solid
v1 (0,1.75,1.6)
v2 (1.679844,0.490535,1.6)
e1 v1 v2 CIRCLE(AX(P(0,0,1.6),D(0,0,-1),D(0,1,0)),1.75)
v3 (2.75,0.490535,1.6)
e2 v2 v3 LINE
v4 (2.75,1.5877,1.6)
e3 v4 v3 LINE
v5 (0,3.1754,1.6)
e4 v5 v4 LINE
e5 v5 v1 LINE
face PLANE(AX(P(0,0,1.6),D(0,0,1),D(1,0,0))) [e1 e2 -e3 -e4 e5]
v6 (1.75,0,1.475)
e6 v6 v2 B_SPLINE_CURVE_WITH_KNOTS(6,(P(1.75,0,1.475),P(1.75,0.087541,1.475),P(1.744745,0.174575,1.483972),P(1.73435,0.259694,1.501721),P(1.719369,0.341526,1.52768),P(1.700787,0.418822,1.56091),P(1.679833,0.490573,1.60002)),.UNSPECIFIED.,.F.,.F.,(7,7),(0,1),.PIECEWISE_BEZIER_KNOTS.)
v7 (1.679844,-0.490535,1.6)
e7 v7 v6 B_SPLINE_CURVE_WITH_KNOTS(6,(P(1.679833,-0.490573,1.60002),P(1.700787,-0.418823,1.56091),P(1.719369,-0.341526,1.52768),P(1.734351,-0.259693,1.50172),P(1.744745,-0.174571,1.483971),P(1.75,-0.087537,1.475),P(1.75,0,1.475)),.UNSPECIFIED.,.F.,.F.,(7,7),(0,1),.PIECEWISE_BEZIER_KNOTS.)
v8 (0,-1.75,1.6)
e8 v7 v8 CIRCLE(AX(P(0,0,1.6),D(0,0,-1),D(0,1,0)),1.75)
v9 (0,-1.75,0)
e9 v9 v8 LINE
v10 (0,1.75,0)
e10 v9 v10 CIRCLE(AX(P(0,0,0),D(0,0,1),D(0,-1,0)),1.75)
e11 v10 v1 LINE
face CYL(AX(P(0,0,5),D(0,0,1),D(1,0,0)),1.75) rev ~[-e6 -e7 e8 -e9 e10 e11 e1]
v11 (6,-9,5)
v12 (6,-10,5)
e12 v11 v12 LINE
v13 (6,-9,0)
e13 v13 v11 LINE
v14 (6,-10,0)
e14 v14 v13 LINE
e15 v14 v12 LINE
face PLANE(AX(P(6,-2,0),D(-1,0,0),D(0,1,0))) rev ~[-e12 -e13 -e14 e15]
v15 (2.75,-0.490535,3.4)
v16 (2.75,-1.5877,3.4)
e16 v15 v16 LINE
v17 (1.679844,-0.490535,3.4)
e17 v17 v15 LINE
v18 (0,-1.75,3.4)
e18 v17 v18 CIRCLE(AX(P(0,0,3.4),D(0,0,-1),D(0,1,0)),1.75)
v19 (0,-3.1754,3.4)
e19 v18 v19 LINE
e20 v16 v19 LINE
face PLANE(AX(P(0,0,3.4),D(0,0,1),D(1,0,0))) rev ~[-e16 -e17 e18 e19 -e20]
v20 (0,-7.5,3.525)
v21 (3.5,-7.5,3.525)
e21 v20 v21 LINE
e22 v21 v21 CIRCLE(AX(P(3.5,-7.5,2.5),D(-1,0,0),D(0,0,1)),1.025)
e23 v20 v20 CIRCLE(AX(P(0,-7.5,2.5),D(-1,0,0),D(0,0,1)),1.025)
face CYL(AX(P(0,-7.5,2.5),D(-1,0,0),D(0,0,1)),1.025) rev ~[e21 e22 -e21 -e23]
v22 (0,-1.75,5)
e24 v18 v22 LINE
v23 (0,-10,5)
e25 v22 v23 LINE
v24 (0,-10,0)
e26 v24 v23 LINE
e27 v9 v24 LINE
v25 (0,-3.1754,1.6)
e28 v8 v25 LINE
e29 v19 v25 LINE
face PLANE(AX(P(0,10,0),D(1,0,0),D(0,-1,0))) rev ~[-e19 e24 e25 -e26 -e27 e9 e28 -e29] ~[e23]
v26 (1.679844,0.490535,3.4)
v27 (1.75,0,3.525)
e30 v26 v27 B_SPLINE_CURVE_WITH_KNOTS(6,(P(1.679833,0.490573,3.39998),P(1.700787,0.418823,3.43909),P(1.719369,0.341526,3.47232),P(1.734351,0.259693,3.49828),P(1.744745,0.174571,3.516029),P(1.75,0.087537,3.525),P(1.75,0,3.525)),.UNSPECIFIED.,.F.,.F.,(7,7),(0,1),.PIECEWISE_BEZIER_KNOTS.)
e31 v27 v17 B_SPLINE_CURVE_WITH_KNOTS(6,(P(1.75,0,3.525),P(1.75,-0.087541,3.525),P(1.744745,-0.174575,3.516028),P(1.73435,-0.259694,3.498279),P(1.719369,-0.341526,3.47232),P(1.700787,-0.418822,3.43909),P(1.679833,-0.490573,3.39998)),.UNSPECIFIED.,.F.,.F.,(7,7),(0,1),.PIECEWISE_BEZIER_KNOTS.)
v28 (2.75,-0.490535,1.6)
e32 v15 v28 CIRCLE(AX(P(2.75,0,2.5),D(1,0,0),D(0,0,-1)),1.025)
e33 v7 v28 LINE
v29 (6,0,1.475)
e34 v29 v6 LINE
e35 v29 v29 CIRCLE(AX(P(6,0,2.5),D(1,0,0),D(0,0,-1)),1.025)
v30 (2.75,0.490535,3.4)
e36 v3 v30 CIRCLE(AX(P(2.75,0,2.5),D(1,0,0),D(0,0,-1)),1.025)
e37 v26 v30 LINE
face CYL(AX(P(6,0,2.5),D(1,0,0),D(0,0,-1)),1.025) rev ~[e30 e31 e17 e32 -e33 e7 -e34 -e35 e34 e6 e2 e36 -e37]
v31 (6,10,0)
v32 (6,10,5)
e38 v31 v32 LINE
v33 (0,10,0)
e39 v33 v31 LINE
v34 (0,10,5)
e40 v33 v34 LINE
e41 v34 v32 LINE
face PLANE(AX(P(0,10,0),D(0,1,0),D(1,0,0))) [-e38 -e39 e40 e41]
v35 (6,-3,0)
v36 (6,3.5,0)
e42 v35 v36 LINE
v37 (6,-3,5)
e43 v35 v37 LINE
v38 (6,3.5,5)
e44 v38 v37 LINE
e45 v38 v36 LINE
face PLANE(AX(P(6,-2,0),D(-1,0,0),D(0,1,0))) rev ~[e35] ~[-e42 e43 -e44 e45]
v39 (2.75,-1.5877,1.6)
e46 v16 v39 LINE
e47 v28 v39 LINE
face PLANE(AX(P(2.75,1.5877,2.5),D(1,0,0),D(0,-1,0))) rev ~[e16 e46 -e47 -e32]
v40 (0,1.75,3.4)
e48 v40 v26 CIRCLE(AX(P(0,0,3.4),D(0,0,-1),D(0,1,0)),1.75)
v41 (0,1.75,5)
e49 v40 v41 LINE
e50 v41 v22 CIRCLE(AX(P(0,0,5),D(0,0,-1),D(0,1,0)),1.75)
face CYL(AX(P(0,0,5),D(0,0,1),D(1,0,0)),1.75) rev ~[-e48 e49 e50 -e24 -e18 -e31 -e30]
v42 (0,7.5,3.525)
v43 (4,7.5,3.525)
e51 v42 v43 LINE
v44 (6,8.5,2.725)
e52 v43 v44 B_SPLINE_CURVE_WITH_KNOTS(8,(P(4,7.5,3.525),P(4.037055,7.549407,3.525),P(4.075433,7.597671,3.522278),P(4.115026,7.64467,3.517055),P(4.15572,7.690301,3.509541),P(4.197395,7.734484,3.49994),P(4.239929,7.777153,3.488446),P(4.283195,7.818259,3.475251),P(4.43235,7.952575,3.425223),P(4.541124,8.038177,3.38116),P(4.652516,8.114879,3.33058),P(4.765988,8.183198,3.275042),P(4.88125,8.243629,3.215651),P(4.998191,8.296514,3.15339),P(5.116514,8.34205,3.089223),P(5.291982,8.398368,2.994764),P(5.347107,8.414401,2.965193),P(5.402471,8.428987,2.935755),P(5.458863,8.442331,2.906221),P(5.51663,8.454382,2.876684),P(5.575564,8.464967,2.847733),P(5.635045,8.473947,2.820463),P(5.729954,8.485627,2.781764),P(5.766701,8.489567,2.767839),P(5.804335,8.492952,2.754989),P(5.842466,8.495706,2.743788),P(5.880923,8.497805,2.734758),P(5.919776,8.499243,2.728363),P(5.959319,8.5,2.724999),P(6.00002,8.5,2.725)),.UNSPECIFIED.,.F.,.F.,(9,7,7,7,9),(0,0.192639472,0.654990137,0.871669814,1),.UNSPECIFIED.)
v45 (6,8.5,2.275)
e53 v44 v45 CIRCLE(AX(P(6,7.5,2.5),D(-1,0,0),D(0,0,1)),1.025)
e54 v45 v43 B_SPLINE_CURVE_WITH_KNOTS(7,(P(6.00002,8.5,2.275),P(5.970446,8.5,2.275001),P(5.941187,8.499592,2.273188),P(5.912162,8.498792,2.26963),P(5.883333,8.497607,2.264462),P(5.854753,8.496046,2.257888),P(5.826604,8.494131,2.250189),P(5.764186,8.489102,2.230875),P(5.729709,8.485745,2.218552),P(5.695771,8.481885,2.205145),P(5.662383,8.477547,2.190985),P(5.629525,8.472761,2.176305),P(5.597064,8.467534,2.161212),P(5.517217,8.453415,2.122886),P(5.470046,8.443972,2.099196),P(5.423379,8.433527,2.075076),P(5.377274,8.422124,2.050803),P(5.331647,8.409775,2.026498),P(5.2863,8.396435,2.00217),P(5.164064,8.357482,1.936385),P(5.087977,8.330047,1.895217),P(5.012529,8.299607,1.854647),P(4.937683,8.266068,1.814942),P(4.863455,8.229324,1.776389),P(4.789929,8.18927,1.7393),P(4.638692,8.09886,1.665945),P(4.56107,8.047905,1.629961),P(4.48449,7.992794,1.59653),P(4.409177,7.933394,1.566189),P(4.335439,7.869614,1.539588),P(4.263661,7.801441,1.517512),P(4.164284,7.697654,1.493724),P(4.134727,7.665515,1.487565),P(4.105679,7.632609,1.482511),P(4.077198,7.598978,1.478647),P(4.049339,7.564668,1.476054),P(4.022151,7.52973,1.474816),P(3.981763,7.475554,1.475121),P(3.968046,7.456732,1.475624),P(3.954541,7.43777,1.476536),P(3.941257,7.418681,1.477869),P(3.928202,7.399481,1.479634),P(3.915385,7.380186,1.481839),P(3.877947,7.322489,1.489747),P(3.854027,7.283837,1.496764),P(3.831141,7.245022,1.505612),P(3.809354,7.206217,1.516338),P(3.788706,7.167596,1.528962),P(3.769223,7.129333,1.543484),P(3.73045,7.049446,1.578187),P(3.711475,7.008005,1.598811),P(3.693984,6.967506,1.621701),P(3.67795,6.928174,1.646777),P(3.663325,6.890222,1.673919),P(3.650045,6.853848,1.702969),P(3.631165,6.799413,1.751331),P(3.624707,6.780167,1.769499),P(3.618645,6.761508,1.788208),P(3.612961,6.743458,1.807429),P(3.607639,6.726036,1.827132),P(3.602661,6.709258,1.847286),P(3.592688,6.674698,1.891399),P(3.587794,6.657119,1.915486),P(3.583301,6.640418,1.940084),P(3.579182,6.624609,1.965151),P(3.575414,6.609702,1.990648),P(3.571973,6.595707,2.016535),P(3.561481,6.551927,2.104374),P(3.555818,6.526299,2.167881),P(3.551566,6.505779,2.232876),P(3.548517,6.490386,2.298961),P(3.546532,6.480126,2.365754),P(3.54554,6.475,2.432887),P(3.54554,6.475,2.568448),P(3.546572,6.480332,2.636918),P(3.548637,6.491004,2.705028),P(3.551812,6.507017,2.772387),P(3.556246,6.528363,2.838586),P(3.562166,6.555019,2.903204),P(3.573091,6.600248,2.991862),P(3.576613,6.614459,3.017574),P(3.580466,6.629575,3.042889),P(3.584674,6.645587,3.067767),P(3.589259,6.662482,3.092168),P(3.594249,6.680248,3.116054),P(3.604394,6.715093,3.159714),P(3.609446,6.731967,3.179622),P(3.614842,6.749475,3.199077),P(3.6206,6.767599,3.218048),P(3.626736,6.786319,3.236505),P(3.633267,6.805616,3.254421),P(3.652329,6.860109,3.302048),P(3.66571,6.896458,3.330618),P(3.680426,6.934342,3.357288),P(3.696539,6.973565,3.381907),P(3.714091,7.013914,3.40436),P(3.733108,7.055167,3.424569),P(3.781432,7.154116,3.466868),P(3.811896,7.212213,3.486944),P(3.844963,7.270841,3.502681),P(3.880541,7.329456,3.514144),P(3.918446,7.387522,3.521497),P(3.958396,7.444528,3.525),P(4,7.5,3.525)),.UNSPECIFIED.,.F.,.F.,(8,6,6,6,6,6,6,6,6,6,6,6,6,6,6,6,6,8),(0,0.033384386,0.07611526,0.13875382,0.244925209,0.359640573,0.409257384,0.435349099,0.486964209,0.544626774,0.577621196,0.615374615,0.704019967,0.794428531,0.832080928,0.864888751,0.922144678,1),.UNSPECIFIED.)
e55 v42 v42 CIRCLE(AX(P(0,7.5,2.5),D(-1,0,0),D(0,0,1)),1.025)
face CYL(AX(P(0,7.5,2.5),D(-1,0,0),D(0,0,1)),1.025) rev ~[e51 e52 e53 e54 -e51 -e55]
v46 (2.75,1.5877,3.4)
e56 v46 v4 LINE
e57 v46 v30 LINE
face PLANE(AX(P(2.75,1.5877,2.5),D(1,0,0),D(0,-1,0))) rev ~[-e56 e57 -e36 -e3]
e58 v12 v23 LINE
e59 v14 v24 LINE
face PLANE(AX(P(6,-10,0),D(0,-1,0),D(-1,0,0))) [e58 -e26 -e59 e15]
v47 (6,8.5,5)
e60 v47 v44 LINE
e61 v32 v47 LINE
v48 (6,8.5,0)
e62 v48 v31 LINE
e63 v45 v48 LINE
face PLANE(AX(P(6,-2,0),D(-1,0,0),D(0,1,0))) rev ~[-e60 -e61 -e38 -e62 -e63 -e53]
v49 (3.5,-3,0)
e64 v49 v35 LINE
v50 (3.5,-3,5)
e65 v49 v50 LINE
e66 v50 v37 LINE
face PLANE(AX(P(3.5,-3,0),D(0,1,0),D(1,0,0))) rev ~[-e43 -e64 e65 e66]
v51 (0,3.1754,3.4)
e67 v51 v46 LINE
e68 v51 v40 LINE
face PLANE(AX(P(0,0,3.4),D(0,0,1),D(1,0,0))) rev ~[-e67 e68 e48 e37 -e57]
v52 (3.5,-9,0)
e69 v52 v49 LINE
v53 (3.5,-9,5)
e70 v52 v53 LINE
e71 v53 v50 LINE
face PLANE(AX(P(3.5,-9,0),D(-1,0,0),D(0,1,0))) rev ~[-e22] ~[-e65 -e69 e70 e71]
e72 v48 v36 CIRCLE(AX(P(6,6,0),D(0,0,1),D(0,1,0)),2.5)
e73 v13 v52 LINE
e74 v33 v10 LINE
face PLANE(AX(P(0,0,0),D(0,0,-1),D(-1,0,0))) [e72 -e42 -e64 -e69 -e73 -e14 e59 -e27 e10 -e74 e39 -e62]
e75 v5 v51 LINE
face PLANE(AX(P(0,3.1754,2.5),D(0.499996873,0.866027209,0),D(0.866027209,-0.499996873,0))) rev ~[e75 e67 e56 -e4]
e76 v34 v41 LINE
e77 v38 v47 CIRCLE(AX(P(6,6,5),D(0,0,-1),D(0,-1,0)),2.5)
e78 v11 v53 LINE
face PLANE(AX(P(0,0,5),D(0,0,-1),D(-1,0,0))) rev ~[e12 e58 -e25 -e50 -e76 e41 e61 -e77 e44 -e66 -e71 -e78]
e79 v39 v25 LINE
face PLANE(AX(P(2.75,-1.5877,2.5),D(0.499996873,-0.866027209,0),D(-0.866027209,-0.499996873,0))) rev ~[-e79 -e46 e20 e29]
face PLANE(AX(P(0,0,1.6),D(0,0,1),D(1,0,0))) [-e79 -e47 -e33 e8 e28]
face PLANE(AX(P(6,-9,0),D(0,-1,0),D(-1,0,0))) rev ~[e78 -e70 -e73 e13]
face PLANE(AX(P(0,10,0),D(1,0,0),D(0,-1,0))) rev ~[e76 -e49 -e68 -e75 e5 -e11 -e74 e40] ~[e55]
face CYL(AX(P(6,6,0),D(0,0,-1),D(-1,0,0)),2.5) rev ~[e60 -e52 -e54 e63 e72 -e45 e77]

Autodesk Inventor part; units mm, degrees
ref_plane "YZ Plane" through (0, 0, 0) normal (1, 0, 0) x (0, 1, 0)
ref_plane "XZ Plane" through (0, 0, 0) normal (0, 1, 0) x (-1, 0, 0)
sketch "Sketch1" plane through (0, 0, 0) normal (0, 0, 1) x (1, 0, 0)
  line L0 (10, -10) -> (-10, -10)
  line L1 (-10, -10) -> (-10, 10)
  line L2 (-10, 10) -> (10, 10)
  line L3 (10, 10) -> (10, -10)
  line L4 (10, -10) -> (-10, 10) construction
  line L5 (-10, -10) -> (10, 10) construction
  line L6 (10, -10) -> (6, -10)
  line L7 (6, -10) -> (6, 10)
  line L8 (6, 10) -> (10, 10)
  line L9 (10, 10) -> (10, -10)
  line L10 (6, 2) -> (4, 2)
  line L11 (4, 2) -> (4, -2)
  line L12 (4, -2) -> (6, -2)
  line L13 (6, -2) -> (6, 2)
  line L14 (0, 10) -> (0, -10)
  point P0 (0, 0)
  dimension "d0" = 20
  dimension "d1" = 20
  dimension "d2" = 4
  dimension "d6" = 2
  dimension "d7" = 2
  dimension "d8" = 4
  dimension "d9" = 2
extrude "Extrusion1" add sketch "Sketch1" along normal blind 5 contours L0 L14 L2 L7 L10 L11 L12
ref_plane "Work Plane1" through (0, 0, 2.5) normal (0, 0, 1) x (1, 0, 0)
sketch "Sketch2" plane through (0, 0, 2.5) normal (0, 0, 1) x (1, 0, 0)
  line L0 (0, 10) -> (0, -10) projected
  line L1 (0, 3.1754) -> (2.75, 1.5877)
  line L2 (2.75, 1.5877) -> (2.75, -1.5877)
  line L3 (2.75, -1.5877) -> (0, -3.1754)
  line L4 (0, -3.1754) -> (-2.75, -1.5877)
  line L5 (-2.75, -1.5877) -> (-2.75, 1.5877)
  line L6 (-2.75, 1.5877) -> (0, 3.1754)
  point P0 (0, 0)
  point P1 (0, 0)
  dimension "d12" = 5.5
extrude "Extrusion2" cut sketch "Sketch2" along normal mid plane 1.8
sketch "Sketch3" plane through (0, 0, 5) normal (0, 0, 1) x (1, 0, 0)
  circle A0 centre (0, 0) radius 1.75
  dimension "d15" = 3.5
extrude "Extrusion3" cut sketch "Sketch3" against normal blind 8
sketch "Sketch4" plane through (0, 10, 0) normal (-1, 0, 0) x (0, 0, 1)
  circle A0 centre (2.5, -2.5) radius 1.025
  circle A1 centre (2.5, -17.5) radius 1.025
  line L0 (0, 0) -> (5, 0) projected
  line L1 (0, 0) -> (0, -8.25) projected
  line L2 (0, -11.75) -> (0, -20) projected
  line L3 (0, -20) -> (5, -20) projected
  point P0 (0, -10)
  dimension "d18" = 2.05
  dimension "d19" = 2.05
  dimension "d20" = 2.5
  dimension "d21" = 2.5
  dimension "d22" = 2.5
  dimension "d23" = 2.5
extrude "Extrusion4" cut sketch "Sketch4" against normal blind 25
sketch "Sketch5" plane through (0, 0, 0) normal (0, 0, -1) x (-1, 0, 0)
  line L0 (-6, -2) -> (-4, -2) projected
  line L1 (-4, -2) -> (-6, -2)
  line L2 (-6, -2) -> (-6, 2)
  line L3 (-6, 2) -> (-4, 2)
  line L4 (-4, 2) -> (-4, -2)
  point P0 (0, 0)
extrude "Extrusion5" add sketch "Sketch5" against normal blind 5
sketch "Sketch6" plane through (0, 0, 0) normal (0, 0, -1) x (-1, 0, 0)
  line L0 (-6, -10) -> (-6, 10) projected
  circle A0 centre (-6, 6) radius 2.5
  line L1 (-6, -9) -> (-3.5, -9)
  line L2 (-3.5, -9) -> (-3.5, -3)
  line L3 (-3.5, -3) -> (-6, -3)
  line L4 (-6, -3) -> (-6, -9)
  line L5 (0, -10) -> (-6, -10) projected
  line L6 (-6, 10) -> (0, 10) projected
  point P0 (0, 0)
  dimension "d32" = 2.5
  dimension "d33" = 1
  dimension "d34" = 6
  dimension "d35" = 5
  dimension "d36" = 4
extrude "Extrusion6" cut sketch "Sketch6" against normal blind 5
sketch "Sketch7" plane through (6, -3, 0) normal (1, 0, 0) x (0, 0, -1)
  circle A0 centre (-2.5, 3) radius 1.025
  line L0 (0, 0) -> (0, 6.5) projected
  line L1 (0, -7) -> (-5, -7) projected
  point P0 (0, 3)
  dimension "d39" = 2.5
  dimension "d40" = 10
  dimension "d41" = 2.05
extrude "Extrusion7" cut sketch "Sketch7" against normal blind 20
equation "\"d19\" = d18"
properties part number "POMSliderMotor"
